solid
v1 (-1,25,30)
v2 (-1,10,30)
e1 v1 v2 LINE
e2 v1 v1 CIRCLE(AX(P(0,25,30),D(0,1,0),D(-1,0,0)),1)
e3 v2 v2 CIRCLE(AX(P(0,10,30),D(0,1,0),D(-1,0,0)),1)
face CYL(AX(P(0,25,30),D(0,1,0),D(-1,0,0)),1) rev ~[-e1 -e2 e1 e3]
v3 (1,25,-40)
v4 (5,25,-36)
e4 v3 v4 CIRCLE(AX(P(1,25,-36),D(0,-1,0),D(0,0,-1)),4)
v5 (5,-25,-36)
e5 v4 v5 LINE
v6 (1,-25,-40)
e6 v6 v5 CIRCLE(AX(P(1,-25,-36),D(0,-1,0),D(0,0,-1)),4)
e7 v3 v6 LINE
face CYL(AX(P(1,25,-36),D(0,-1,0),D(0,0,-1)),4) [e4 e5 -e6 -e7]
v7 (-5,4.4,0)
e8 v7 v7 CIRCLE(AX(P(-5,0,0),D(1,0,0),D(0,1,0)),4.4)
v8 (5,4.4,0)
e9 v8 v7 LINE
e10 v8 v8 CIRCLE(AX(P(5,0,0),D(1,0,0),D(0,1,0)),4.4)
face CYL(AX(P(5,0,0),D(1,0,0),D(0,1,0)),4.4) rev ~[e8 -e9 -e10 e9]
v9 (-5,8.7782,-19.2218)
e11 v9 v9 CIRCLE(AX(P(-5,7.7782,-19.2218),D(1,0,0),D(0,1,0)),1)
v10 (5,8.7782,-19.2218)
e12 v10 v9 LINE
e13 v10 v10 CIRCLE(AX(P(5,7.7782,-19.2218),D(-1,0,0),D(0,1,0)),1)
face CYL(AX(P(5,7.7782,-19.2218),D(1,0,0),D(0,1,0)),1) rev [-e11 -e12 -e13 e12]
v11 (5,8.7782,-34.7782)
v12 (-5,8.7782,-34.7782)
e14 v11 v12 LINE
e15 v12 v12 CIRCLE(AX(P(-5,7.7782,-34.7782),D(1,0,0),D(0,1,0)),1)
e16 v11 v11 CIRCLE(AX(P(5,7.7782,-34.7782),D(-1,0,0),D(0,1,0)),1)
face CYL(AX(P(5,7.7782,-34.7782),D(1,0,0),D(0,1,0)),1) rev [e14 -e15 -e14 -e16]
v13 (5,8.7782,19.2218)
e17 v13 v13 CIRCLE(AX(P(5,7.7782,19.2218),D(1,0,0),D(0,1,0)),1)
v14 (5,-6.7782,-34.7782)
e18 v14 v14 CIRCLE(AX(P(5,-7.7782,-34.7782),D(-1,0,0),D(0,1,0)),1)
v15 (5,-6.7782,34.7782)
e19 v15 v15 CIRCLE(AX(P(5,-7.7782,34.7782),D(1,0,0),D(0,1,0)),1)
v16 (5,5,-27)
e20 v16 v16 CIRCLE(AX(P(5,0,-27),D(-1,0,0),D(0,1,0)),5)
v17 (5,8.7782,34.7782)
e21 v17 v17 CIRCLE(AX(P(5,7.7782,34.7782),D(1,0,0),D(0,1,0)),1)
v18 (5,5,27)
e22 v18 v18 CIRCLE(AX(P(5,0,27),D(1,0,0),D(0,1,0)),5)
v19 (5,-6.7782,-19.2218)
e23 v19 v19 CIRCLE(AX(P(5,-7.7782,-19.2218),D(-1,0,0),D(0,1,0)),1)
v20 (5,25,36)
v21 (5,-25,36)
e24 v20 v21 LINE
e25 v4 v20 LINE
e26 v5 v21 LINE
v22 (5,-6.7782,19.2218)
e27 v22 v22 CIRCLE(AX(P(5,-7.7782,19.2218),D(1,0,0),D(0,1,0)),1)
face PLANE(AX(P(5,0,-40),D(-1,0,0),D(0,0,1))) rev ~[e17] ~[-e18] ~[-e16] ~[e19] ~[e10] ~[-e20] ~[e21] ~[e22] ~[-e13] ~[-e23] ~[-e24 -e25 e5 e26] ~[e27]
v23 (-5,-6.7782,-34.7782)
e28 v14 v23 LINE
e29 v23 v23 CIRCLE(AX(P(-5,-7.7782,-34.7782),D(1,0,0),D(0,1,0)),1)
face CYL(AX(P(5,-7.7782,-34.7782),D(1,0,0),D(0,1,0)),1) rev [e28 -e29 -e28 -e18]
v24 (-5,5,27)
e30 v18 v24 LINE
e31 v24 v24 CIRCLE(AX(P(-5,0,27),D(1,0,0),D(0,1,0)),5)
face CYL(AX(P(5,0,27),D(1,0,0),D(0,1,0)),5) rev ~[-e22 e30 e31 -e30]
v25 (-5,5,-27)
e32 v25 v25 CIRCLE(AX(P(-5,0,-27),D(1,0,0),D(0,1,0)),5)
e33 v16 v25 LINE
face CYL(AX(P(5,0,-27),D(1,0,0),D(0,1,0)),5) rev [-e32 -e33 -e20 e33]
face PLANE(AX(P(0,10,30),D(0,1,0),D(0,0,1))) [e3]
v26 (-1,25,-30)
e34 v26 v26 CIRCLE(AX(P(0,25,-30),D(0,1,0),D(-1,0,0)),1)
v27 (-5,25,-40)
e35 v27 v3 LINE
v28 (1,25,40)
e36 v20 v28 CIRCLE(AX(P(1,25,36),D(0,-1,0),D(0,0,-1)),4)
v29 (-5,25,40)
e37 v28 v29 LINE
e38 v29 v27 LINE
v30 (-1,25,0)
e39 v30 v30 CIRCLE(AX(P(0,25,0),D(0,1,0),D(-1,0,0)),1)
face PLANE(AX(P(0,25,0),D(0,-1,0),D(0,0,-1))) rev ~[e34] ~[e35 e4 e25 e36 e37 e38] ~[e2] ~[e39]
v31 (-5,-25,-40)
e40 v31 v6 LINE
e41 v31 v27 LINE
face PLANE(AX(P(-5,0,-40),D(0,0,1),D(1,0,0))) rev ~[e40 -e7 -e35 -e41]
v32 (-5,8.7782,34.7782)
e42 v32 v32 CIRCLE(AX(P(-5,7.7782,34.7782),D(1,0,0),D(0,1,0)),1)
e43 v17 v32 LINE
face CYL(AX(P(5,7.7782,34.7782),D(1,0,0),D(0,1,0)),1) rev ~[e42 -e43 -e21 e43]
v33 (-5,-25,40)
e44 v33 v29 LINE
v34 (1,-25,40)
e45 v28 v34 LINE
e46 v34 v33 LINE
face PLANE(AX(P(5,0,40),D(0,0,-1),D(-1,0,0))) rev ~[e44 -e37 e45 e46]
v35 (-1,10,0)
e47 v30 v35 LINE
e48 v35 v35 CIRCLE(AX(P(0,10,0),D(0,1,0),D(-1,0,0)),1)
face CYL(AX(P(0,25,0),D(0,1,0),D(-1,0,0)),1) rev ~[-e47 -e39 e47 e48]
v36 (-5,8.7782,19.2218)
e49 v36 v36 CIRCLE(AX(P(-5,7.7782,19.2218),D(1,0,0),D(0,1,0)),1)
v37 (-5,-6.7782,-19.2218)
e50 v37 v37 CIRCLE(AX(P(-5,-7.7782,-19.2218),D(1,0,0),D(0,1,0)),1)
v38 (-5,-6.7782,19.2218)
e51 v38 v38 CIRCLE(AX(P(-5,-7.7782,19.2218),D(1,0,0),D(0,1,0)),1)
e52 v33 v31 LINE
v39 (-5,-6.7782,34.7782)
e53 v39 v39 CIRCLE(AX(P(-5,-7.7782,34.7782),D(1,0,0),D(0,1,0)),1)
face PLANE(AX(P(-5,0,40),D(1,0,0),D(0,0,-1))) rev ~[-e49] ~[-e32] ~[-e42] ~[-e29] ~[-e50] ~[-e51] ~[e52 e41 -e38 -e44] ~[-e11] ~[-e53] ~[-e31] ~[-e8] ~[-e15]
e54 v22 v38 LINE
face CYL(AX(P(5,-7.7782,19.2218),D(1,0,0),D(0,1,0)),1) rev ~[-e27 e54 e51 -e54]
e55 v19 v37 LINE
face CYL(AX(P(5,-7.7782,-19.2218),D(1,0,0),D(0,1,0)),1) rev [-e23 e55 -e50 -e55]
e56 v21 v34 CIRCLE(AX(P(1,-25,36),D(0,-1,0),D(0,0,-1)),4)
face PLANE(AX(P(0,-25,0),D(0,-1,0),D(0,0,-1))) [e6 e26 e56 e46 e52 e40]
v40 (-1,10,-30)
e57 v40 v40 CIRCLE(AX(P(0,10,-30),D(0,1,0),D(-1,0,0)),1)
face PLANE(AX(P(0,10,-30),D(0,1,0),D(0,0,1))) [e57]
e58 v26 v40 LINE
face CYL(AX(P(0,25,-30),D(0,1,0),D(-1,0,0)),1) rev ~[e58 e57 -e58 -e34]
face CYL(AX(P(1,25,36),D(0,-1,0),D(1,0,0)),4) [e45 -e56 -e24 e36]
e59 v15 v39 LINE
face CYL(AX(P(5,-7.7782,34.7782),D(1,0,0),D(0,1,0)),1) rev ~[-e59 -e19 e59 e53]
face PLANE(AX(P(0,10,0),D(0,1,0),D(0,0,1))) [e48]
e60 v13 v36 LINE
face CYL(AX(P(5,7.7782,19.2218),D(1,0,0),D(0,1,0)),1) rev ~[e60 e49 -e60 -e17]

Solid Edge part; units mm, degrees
sketch "Sketch1" plane through (0, 0, 0) normal (0, -1, 0) x (1, 0, 0)
  line L0 (-5, -40) -> (5, -40)
  line L1 (5, -40) -> (5, 40)
  line L2 (5, 40) -> (-5, 40)
  line L3 (-5, 40) -> (-5, -40)
  dimension "D1" = 10
  dimension "D2" = 80
extrude "Protrusion1" add sketch "Sketch1" along normal mid plane 50
sketch "Sketch2" plane through (5, 0, 0) normal (1, 0, 0) x (0, 1, 0)
  circle A0 centre (0, 0) radius 4.4
  dimension "D1" = 8.8
extrude "Cutout1" cut sketch "Sketch2" against normal through all
sketch "Sketch3" plane through (5, 0, 0) normal (1, 0, 0) x (0, 1, 0)
  circle A0 centre (-7.7782, 34.7782) radius 1
  circle A1 centre (-7.7782, 19.2218) radius 1
  circle A2 centre (7.7782, 19.2218) radius 1
  circle A3 centre (7.7782, 34.7782) radius 1
  circle A4 centre (0, 27) radius 5
  dimension "D1" = 22
  dimension "D2" = 27
extrude "Cutout2" cut sketch "Sketch3" against normal through all
mirror "Mirror1" about plane through (0, 0, 0) normal (0, 0, 1) of "Cutout2"
sketch "Sketch4" plane through (0, 25, 0) normal (0, 1, 0) x (-1, 0, 0)
  circle A0 centre (0, 30) radius 1
  circle A1 centre (0, 0) radius 1
  circle A2 centre (0, -30) radius 1
  dimension "D1" = 60
  dimension "D2" = 2
extrude "Extrusionsausschnitt_6" cut sketch "Sketch4" against normal blind 15
fillet "Verrundung_3" radius 4 2 edges at (5, 0, 40) (5, 0, -40)
properties material "Nylon, allgemein"
